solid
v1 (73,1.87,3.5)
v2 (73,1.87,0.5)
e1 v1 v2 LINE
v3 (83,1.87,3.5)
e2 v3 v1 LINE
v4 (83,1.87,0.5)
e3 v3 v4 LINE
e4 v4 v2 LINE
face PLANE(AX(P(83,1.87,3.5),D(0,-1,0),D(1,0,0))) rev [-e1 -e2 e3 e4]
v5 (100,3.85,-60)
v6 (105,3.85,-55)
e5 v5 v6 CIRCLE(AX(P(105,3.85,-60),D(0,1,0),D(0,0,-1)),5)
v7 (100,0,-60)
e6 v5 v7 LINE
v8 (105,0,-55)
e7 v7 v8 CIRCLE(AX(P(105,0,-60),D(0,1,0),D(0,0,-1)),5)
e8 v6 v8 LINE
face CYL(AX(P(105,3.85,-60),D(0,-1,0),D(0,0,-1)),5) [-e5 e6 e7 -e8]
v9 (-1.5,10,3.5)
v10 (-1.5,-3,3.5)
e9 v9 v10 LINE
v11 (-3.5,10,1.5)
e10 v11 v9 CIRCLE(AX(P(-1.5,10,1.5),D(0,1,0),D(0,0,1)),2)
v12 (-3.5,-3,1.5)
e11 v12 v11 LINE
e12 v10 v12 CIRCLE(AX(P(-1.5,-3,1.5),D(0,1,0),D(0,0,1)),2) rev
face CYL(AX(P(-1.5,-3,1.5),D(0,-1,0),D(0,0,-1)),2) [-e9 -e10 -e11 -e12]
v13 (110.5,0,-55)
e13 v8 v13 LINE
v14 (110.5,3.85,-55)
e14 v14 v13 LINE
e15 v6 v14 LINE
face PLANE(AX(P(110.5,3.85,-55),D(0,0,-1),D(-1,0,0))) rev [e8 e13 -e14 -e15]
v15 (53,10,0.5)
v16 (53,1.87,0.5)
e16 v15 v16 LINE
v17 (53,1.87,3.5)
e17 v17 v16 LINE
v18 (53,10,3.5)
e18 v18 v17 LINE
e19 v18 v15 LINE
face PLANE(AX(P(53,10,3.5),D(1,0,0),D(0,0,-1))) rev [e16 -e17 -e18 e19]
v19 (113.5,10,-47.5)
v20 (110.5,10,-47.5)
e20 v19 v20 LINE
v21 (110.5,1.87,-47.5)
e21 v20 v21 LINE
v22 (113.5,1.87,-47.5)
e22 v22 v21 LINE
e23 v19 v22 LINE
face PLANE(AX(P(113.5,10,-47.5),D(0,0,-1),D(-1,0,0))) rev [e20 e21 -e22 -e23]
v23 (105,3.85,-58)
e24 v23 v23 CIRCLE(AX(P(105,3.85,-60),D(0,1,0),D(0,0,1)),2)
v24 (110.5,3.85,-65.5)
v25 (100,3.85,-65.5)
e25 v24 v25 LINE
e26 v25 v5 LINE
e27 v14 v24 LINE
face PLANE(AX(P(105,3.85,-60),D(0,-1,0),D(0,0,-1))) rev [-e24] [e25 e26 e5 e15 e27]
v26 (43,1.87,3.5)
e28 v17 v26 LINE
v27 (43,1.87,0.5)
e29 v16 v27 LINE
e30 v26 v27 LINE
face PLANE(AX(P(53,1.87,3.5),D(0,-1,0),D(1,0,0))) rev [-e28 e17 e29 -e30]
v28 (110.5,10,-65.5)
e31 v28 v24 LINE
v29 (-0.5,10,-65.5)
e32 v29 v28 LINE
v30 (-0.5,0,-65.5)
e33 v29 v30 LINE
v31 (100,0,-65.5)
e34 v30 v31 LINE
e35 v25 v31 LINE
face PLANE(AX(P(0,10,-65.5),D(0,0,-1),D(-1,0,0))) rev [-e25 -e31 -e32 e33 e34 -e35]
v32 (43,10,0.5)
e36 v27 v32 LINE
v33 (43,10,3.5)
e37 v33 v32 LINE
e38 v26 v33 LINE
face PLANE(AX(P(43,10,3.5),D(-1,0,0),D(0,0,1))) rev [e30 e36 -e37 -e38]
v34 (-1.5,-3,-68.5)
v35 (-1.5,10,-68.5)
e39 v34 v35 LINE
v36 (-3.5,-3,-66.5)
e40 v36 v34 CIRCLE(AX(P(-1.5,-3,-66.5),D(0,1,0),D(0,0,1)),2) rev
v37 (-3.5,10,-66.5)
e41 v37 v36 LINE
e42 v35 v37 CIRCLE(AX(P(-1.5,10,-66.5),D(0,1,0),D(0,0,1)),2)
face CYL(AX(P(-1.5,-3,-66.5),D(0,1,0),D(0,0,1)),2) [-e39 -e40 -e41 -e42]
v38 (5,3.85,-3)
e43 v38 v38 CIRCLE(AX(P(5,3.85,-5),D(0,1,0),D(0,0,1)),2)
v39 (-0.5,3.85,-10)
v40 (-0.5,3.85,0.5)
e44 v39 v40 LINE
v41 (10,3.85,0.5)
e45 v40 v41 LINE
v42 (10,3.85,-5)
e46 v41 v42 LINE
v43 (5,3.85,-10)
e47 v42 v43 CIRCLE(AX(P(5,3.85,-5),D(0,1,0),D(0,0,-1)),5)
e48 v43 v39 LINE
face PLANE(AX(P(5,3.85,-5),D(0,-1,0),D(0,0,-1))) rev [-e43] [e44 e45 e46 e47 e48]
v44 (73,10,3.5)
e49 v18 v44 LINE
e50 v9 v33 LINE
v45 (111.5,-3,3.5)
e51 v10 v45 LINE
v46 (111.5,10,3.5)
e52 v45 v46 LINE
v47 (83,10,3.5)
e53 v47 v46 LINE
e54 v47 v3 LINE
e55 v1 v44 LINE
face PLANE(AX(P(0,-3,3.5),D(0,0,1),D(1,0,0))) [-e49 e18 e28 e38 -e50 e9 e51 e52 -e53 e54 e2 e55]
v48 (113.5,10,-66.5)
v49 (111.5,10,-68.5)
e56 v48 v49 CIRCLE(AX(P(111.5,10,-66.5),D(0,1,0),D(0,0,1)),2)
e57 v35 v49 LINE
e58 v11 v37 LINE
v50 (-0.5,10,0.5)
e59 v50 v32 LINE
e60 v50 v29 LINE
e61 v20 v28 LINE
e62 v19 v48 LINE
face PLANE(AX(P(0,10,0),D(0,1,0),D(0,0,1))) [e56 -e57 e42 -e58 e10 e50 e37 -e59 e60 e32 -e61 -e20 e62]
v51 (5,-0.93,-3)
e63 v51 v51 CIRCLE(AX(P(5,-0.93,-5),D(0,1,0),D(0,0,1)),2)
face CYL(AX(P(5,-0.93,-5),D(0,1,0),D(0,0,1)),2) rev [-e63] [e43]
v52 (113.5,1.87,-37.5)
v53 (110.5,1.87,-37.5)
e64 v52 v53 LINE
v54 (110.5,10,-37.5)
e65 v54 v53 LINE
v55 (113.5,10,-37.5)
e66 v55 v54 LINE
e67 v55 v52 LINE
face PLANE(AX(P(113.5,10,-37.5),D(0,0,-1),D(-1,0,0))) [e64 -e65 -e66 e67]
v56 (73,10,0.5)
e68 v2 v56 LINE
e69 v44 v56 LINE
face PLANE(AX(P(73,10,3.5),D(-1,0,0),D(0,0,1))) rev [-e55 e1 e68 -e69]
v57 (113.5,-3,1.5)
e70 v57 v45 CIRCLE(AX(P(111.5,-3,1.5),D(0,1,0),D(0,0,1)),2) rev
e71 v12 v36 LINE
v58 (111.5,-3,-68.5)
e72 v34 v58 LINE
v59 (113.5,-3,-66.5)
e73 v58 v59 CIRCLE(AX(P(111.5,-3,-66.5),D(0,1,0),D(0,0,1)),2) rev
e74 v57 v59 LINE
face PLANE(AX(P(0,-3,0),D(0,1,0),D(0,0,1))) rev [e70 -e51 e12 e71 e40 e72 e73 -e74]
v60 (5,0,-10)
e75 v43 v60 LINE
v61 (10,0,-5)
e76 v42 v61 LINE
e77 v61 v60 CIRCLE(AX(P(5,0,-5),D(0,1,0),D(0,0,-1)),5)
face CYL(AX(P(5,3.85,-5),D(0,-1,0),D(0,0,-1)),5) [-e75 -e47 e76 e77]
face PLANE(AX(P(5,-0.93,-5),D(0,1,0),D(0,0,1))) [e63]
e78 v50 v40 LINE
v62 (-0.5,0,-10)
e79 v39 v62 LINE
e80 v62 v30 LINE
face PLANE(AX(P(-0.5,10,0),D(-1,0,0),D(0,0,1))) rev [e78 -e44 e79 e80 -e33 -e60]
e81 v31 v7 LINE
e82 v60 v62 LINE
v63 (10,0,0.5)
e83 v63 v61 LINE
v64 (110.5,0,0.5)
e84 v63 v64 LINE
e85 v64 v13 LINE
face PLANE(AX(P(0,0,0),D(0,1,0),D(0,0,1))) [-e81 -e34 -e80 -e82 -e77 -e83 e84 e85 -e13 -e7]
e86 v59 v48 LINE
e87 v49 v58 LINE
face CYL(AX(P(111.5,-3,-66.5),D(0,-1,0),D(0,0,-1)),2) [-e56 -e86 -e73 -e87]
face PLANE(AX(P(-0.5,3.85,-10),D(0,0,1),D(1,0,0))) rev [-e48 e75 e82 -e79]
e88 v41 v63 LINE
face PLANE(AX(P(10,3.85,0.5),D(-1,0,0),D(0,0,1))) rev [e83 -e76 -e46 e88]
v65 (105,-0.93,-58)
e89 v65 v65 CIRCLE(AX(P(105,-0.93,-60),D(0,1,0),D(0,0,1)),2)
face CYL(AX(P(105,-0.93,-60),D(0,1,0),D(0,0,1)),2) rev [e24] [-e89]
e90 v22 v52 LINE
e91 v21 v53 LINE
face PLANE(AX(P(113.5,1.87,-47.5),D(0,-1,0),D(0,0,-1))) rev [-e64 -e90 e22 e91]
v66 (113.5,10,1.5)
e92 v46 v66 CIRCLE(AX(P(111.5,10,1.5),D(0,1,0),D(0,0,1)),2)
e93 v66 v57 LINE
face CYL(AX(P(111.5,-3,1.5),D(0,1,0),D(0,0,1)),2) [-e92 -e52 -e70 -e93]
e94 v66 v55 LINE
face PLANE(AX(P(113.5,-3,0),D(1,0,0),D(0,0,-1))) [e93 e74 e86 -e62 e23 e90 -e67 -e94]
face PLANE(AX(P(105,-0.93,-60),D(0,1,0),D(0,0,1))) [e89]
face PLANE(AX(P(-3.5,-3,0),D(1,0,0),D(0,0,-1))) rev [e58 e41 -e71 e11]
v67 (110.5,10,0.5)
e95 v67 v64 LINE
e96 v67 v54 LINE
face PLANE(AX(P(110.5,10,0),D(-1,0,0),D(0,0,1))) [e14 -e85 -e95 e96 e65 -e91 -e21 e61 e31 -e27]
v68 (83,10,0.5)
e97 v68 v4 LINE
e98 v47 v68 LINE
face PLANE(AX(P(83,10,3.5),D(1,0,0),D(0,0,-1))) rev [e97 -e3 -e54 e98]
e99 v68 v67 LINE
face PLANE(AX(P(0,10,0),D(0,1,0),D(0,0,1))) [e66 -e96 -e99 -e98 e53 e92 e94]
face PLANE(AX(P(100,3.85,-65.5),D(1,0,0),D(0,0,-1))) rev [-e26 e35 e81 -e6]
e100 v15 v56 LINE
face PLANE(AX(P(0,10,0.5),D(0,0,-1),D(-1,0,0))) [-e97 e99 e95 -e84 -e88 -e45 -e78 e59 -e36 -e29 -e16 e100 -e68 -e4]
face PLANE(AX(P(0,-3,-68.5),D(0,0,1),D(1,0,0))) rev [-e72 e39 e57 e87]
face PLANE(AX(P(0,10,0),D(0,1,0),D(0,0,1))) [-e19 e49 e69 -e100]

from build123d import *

# Parameters (mm, degrees)
SKETCH1_W           = 117
SKETCH1_H           = 72
BOSS_EXTRUDE1_DEPTH = 3
SKETCH1_5_W         = 117
SKETCH1_5_H         = 72
SKETCH1_5_W_2       = 111
SKETCH1_5_H_2       = 66
BOSS_EXTRUDE2_DEPTH = 10
BOSS_EXTRUDE3_DEPTH = 3.85
SKETCH3_R           = 2
CUT_EXTRUDE1_DEPTH  = 4.78
FILLET1_R           = 2
SKETCH4_W           = 10
SKETCH4_H           = 8.13
CUT_EXTRUDE2_DEPTH  = 134.372598385
SKETCH5_W           = 10
SKETCH5_H           = 8.13
CUT_EXTRUDE3_DEPTH  = 134.203791237


with BuildPart() as part:
    # Sketch1 → Boss-Extrude1 (new body)
    with BuildSketch(Plane(origin=(0, 0, 0), x_dir=(1, 0, 0), z_dir=(0, 1, 0))):
        with Locations((55, 32.5)):
            Rectangle(SKETCH1_W, SKETCH1_H)
    extrude(amount=-BOSS_EXTRUDE1_DEPTH)

    # Sketch1<5> → Boss-Extrude2 (add)
    with BuildSketch(Plane(origin=(0, 0, 0), x_dir=(1, 0, 0), z_dir=(0, 1, 0))):
        with Locations((55, 32.5)):
            Rectangle(SKETCH1_5_W, SKETCH1_5_H)
        with Locations((55, 32.5)):
            Rectangle(SKETCH1_5_W_2, SKETCH1_5_H_2, mode=Mode.SUBTRACT)
    extrude(amount=BOSS_EXTRUDE2_DEPTH)

    # Sketch2 → Boss-Extrude3 (add)
    with BuildSketch(Plane(origin=(0, 0, 0), x_dir=(1, 0, 0), z_dir=(0, 1, 0))):
        with BuildLine():
            Line((110.5, 65.5), (100, 65.5))
            Line((100, 65.5), (100, 60))
            ThreePointArc((100, 60), (101.464466094, 56.464466094), (105, 55))
            Line((105, 55), (110.5, 55))
            Line((110.5, 55), (110.5, 65.5))
        make_face()
        with BuildLine():
            Line((-0.5, -0.5), (10, -0.5))
            Line((10, -0.5), (10, 5))
            ThreePointArc((10, 5), (8.535533906, 8.535533906), (5, 10))
            Line((5, 10), (-0.5, 10))
            Line((-0.5, 10), (-0.5, -0.5))
        make_face()
    extrude(amount=BOSS_EXTRUDE3_DEPTH)

    # Sketch3 → Cut-Extrude1 (cut)
    with BuildSketch(Plane(origin=(0, 3.85, 0), x_dir=(1, 0, 0), z_dir=(0, 1, 0))):
        with Locations((105, 60)):
            Circle(SKETCH3_R)
        with Locations((5, 5)):
            Circle(SKETCH3_R)
    extrude(amount=-CUT_EXTRUDE1_DEPTH, mode=Mode.SUBTRACT)

    # Fillet1
    fillet1_edges = [part.edges().sort_by_distance(p)[0] for p in [
        (113.5, 3.5, 3.5),
        (-3.5, 3.5, 3.5),
        (-3.5, 3.5, -68.5),
        (113.5, 3.5, -68.5),
    ]]
    fillet(fillet1_edges, radius=FILLET1_R)

    # Sketch4 → Cut-Extrude2 (cut, through all)
    with BuildSketch(Plane.ZY.offset(-110.5)):
        with Locations((-42.5, 5.935)):
            Rectangle(SKETCH4_W, SKETCH4_H)
    extrude(amount=-CUT_EXTRUDE2_DEPTH, mode=Mode.SUBTRACT)

    # Sketch5 → Cut-Extrude3 (cut, through all)
    with BuildSketch(Plane(origin=(0, 0, 0.5), x_dir=(-1, 0, 0), z_dir=(0, 0, -1))):
        with Locations((-78, 5.935)):
            Rectangle(SKETCH5_W, SKETCH5_H)
        with Locations((-48, 5.935)):
            Rectangle(SKETCH5_W, SKETCH5_H)
    extrude(amount=-CUT_EXTRUDE3_DEPTH, mode=Mode.SUBTRACT)


solid = part.part
